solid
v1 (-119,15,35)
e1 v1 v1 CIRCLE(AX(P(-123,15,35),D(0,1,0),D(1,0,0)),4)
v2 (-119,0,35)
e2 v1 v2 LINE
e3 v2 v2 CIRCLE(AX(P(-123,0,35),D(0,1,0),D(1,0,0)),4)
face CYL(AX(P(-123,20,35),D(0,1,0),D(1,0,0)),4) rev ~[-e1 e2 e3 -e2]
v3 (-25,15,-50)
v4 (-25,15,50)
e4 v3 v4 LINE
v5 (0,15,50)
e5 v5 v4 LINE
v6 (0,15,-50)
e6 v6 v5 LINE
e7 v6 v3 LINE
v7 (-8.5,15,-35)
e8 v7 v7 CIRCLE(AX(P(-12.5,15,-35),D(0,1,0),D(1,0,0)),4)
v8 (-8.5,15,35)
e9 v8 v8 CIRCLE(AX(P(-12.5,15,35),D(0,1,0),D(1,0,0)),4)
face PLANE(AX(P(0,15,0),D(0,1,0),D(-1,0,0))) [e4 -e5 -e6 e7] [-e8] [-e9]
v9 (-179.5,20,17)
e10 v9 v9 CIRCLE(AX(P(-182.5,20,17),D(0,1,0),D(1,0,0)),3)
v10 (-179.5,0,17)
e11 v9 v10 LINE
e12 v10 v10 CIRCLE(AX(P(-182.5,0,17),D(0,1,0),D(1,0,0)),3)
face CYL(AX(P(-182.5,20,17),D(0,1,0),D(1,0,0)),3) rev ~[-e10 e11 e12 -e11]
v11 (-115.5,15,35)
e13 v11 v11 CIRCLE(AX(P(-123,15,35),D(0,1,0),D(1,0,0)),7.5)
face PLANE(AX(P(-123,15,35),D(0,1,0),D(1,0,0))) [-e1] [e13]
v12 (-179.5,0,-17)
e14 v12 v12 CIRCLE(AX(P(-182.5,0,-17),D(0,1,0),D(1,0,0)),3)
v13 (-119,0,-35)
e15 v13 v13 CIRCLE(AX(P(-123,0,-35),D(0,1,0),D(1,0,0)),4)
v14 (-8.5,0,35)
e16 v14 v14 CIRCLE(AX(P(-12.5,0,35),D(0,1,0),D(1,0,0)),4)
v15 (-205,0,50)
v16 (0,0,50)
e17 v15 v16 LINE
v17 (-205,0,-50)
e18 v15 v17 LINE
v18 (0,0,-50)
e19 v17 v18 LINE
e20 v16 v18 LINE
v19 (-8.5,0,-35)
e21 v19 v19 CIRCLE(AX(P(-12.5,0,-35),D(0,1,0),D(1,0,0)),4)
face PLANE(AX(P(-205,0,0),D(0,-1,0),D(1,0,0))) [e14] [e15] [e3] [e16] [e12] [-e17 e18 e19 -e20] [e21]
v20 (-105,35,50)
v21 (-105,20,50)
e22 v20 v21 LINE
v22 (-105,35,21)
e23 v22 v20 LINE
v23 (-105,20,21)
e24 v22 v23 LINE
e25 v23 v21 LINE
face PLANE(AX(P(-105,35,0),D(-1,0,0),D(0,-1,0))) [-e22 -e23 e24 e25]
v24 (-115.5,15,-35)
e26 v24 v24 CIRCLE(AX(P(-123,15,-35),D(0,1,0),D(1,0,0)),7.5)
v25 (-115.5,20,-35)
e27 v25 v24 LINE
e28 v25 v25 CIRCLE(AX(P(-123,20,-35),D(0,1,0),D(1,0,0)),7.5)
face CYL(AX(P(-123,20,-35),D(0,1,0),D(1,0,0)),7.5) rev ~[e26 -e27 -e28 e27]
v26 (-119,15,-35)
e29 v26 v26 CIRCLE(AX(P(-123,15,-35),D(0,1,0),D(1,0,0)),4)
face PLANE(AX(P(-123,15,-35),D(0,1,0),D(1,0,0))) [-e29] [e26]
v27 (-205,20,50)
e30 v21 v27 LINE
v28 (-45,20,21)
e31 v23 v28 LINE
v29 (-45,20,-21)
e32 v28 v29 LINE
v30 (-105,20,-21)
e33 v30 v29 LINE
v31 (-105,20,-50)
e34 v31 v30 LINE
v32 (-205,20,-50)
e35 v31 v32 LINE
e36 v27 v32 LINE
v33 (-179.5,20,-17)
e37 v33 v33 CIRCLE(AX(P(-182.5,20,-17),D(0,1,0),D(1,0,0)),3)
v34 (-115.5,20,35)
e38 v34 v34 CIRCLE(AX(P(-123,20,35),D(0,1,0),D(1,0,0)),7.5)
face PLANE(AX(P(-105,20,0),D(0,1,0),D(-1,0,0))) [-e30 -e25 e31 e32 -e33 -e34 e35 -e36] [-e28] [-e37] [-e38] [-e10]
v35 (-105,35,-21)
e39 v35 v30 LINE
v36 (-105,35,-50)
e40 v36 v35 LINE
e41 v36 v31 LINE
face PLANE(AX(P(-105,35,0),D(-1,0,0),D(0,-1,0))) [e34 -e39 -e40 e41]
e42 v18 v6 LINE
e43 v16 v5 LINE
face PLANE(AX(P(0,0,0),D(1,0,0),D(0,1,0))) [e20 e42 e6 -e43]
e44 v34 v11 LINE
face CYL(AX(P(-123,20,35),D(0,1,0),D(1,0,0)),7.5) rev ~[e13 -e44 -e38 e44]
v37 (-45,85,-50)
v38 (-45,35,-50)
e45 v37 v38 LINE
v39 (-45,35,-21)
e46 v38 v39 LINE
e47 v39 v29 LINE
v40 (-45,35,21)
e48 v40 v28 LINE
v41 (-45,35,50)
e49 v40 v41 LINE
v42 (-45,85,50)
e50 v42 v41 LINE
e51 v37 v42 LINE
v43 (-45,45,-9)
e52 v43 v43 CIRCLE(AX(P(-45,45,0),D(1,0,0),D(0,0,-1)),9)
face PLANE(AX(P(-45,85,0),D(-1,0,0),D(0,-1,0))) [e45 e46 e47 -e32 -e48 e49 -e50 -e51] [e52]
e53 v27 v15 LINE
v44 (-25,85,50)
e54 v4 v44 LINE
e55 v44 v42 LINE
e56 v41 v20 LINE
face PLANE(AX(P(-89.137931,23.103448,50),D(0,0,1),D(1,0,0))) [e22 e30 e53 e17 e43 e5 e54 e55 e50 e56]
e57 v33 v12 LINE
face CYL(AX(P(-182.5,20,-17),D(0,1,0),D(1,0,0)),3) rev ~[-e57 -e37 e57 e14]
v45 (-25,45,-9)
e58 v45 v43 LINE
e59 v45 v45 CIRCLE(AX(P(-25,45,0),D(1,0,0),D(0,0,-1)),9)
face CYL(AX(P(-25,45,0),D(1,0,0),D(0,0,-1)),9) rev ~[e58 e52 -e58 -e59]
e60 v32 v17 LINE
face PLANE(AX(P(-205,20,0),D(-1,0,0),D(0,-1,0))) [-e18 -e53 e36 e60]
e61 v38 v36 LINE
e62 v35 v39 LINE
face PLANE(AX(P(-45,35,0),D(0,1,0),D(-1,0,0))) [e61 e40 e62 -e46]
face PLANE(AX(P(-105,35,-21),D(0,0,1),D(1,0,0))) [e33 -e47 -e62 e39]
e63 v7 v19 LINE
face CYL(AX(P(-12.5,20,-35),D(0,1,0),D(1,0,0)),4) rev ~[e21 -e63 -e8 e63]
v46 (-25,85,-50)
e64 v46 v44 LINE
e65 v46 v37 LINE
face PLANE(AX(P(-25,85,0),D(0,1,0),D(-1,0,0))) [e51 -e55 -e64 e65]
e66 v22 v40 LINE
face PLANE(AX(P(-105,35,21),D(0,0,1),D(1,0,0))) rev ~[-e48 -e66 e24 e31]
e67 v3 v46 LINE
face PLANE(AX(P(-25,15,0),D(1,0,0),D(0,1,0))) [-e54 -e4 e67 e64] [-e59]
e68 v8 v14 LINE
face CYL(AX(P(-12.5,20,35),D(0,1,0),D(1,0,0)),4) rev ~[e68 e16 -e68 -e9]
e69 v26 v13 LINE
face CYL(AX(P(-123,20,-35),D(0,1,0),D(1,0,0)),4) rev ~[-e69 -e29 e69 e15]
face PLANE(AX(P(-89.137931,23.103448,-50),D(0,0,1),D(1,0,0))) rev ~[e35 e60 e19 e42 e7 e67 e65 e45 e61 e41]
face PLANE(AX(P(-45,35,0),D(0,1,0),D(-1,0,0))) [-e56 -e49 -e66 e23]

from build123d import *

# Parameters (mm, degrees)
BOSS_EXTRUDE1_DEPTH     = 50
SKETCH2_R               = 9
CUT_EXTRUDE1_DEPTH      = 26
CUT_EXTRUDE1_DEPTH_BACK = 181
SKETCH3_W               = 60
SKETCH3_H               = 42
CUT_EXTRUDE2_DEPTH      = 15
SKETCH4_R               = 3
SKETCH4_R_2             = 4
CUT_EXTRUDE3_DEPTH      = 21
SKETCH4_3_R             = 7.5
CUT_EXTRUDE4_DEPTH      = 5


with BuildPart() as part:
    # Sketch1 → Boss-Extrude1 (new body, symmetric)
    with BuildSketch(Plane.XY):
        Polygon((0, 0), (0, 15), (-25, 15), (-25, 85), (-45, 85), (-45, 35), (-105, 35), (-105, 20), (-205, 20), (-205, 0), align=None)
    extrude(amount=BOSS_EXTRUDE1_DEPTH, both=True)

    # Sketch2 → Cut-Extrude1 (cut, two sides)
    with BuildSketch(Plane(origin=(-25, 0, 0), x_dir=(0, 0, -1), z_dir=(1, 0, 0))) as cut_extrude1_sk:
        with Locations((0, 45)):
            Circle(SKETCH2_R)
    extrude(amount=CUT_EXTRUDE1_DEPTH, mode=Mode.SUBTRACT)
    extrude(cut_extrude1_sk.sketch, amount=-CUT_EXTRUDE1_DEPTH_BACK, mode=Mode.SUBTRACT)

    # Sketch3 → Cut-Extrude2 (cut)
    with BuildSketch(Plane(origin=(0, 35, 0), x_dir=(1, 0, 0), z_dir=(0, 1, 0))):
        with Locations((-75, 0)):
            Rectangle(SKETCH3_W, SKETCH3_H)
    extrude(amount=-CUT_EXTRUDE2_DEPTH, mode=Mode.SUBTRACT)

    # Sketch4 → Cut-Extrude3 (cut, through all)
    with BuildSketch(Plane(origin=(0, 20, 0), x_dir=(1, 0, 0), z_dir=(0, 1, 0))):
        with Locations((-182.5, 17)):
            Circle(SKETCH4_R)
        with Locations((-123, 35)):
            Circle(SKETCH4_R_2)
        with Locations((-12.5, 35)):
            Circle(SKETCH4_R_2)
        with Locations((-12.5, -35)):
            Circle(SKETCH4_R_2)
        with Locations((-123, -35)):
            Circle(SKETCH4_R_2)
        with Locations((-182.5, -17)):
            Circle(SKETCH4_R)
    extrude(amount=-CUT_EXTRUDE3_DEPTH, mode=Mode.SUBTRACT)

    # Sketch4_3 → Cut-Extrude4 (cut)
    with BuildSketch(Plane(origin=(0, 20, 0), x_dir=(1, 0, 0), z_dir=(0, 1, 0))):
        with Locations((-123, 35)):
            Circle(SKETCH4_3_R)
        with Locations((-12.5, 35)):
            Circle(SKETCH4_3_R)
        with Locations((-12.5, -35)):
            Circle(SKETCH4_3_R)
        with Locations((-123, -35)):
            Circle(SKETCH4_3_R)
    extrude(amount=-CUT_EXTRUDE4_DEPTH, mode=Mode.SUBTRACT)


solid = part.part
